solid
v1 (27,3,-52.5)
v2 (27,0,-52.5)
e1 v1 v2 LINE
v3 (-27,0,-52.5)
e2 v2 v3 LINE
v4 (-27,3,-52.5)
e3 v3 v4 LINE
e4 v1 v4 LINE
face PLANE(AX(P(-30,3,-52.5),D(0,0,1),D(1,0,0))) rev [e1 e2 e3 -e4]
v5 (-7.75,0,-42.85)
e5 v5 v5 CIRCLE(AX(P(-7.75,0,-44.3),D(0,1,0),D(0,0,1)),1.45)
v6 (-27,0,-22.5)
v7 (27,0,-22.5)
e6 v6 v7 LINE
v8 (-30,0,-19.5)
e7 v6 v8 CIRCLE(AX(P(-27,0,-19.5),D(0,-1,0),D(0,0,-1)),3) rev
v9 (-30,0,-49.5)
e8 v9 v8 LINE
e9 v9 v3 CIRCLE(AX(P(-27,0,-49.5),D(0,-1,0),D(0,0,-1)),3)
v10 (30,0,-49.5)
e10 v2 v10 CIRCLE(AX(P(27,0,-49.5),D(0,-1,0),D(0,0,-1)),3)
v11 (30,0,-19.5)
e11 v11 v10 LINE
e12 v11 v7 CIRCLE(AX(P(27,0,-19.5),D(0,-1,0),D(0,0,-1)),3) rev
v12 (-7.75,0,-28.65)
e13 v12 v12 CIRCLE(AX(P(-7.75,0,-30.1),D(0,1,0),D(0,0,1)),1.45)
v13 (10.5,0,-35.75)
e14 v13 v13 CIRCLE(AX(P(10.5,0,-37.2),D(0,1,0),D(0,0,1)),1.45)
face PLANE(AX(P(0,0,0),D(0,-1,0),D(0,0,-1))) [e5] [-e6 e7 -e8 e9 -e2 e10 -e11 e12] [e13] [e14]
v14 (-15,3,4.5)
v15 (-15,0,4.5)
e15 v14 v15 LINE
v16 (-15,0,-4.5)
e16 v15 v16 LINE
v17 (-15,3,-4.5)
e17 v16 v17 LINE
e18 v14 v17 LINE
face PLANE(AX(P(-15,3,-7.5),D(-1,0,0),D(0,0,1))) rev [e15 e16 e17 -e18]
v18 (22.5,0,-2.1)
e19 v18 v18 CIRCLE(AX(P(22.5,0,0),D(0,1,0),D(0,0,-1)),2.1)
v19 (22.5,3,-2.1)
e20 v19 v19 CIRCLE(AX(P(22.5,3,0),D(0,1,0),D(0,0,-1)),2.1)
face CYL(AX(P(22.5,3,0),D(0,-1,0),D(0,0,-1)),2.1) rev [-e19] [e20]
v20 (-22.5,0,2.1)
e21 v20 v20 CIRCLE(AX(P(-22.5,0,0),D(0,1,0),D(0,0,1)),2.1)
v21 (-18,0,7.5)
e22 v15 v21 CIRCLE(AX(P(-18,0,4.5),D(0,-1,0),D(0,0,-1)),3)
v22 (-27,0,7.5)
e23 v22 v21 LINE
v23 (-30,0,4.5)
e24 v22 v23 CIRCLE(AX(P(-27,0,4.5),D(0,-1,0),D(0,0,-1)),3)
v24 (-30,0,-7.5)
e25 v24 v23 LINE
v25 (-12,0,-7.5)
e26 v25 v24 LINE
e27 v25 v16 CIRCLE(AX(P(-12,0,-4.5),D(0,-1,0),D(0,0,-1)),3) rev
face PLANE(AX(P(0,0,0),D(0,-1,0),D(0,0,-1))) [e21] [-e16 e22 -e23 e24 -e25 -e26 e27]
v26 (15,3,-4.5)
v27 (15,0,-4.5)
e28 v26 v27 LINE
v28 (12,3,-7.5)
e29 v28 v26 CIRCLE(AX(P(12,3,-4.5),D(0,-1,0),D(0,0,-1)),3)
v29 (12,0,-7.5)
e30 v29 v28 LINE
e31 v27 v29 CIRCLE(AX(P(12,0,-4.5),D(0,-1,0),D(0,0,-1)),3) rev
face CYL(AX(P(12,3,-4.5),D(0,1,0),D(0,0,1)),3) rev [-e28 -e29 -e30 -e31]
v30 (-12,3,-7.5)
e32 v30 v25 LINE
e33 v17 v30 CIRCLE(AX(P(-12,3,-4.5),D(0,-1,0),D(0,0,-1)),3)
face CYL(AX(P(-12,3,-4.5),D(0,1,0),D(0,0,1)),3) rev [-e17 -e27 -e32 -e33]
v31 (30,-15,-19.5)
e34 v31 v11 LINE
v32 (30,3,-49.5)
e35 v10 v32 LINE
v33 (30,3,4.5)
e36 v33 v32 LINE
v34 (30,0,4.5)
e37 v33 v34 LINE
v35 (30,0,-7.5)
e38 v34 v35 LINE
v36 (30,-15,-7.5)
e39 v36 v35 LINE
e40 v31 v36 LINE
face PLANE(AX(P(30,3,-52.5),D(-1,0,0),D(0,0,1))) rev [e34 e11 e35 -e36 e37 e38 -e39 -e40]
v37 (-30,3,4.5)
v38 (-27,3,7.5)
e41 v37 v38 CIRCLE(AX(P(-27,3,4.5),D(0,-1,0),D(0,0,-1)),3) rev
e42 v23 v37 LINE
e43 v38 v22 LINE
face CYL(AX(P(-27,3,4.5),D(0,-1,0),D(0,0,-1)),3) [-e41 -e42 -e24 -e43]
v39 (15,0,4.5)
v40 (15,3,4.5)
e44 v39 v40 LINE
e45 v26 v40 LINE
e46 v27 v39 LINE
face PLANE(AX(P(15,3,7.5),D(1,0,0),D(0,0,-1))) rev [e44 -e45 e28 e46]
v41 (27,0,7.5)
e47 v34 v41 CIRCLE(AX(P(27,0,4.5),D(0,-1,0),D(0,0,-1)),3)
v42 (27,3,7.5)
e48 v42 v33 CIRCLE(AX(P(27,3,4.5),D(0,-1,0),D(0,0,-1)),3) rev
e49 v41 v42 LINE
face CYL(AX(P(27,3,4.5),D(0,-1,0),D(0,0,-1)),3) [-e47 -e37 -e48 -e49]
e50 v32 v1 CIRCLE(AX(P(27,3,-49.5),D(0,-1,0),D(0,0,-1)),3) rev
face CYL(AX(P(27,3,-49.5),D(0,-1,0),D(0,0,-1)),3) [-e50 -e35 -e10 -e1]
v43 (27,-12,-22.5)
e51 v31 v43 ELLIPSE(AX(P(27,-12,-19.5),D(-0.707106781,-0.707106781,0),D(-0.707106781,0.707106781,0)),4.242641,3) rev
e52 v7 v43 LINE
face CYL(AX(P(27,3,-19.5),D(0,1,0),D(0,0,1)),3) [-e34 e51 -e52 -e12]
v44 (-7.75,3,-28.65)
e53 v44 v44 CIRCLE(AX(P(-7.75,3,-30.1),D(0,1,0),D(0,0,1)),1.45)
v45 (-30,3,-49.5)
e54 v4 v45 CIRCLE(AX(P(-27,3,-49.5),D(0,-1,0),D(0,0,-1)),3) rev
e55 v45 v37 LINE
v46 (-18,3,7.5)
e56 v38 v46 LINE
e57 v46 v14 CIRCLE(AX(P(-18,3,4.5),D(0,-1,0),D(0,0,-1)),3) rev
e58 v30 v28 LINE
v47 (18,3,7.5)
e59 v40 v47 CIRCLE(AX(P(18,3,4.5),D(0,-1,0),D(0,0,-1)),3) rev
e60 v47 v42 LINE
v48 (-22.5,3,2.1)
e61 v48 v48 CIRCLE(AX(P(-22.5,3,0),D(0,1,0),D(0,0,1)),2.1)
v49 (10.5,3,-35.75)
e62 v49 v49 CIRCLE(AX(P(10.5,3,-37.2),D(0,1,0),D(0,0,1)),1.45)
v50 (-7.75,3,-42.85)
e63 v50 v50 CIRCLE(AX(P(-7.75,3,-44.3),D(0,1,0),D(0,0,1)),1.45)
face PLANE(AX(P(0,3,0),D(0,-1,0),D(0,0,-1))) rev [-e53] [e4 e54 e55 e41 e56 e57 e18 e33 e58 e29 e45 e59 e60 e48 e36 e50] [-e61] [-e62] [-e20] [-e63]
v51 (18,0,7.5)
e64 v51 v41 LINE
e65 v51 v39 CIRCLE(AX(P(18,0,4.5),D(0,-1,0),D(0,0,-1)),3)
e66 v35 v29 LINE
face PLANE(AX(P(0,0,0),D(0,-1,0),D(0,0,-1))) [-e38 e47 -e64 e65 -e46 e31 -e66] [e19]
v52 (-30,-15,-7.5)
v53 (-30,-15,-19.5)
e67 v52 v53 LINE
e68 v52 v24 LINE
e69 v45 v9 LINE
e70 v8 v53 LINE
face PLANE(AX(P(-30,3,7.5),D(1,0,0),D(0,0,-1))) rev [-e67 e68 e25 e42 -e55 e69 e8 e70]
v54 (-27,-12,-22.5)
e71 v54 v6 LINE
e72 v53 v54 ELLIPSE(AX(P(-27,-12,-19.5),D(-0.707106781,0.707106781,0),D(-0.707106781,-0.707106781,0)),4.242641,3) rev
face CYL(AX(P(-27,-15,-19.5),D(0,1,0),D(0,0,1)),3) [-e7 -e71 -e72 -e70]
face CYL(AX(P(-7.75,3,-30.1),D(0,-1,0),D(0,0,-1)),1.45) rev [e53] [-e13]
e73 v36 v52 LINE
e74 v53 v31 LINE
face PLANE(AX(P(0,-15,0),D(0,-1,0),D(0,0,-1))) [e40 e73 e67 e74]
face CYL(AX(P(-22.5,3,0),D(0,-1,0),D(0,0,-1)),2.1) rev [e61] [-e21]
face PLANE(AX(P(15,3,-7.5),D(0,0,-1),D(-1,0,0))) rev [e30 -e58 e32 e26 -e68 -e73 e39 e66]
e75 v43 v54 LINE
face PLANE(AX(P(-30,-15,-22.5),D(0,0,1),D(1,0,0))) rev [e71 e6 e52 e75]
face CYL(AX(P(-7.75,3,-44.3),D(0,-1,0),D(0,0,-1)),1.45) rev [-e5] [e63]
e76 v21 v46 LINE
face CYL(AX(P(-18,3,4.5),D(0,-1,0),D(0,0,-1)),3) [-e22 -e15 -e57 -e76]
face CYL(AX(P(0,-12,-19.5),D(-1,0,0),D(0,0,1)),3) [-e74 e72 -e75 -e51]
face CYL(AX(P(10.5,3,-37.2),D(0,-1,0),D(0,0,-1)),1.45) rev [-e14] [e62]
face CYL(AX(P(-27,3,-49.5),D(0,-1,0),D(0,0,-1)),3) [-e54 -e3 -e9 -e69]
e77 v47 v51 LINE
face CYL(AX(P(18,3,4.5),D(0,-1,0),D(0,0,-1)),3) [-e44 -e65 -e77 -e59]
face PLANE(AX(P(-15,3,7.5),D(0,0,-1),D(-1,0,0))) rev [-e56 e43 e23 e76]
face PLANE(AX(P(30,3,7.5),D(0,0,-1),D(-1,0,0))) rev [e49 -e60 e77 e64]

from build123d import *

# Parameters (mm, degrees)
SKETCH_1_R      = 2.1
SKETCH_1_R_2    = 1.45
EXTRUDE_1_DEPTH = 3
SKETCH_2_W      = 60
SKETCH_2_H      = 15
EXTRUDE_2_DEPTH = 15
FILLET_1_R      = 3


with BuildPart() as part:
    # 草图1 → 凸台-拉伸1 (new body)
    with BuildSketch(Plane(origin=(0, 0, 0), x_dir=(1, 0, 0), z_dir=(0, 1, 0))):
        Polygon((-15, 7.5), (-15, -7.5), (-30, -7.5), (-30, 52.5), (30, 52.5), (30, -7.5), (15, -7.5), (15, 7.5), align=None)
        with Locations(Location((-22.5, 0, 0), (0, 0, 270))):
            Circle(SKETCH_1_R, mode=Mode.SUBTRACT)
        with Locations(Location((22.5, 0, 0), (0, 0, 90))):
            Circle(SKETCH_1_R, mode=Mode.SUBTRACT)
        with Locations(Location((-7.75, 44.3, 0), (0, 0, 270))):
            Circle(SKETCH_1_R_2, mode=Mode.SUBTRACT)
        with Locations(Location((10.5, 37.2, 0), (0, 0, 270))):
            Circle(SKETCH_1_R_2, mode=Mode.SUBTRACT)
        with Locations(Location((-7.75, 30.1, 0), (0, 0, 270))):
            Circle(SKETCH_1_R_2, mode=Mode.SUBTRACT)
    extrude(amount=EXTRUDE_1_DEPTH)

    # 草图2 → 凸台-拉伸2 (add)
    with BuildSketch(Plane.XZ):
        with Locations((0, -15)):
            Rectangle(SKETCH_2_W, SKETCH_2_H)
    extrude(amount=EXTRUDE_2_DEPTH)

    # 圆角1
    fillet_1_edges = [part.edges().sort_by_distance(p)[0] for p in [
        (-30, 1.5, -52.5),
        (30, 1.5, -52.5),
        (30, 1.5, 7.5),
        (15, 1.5, 7.5),
        (15, 1.5, -7.5),
        (-15, 1.5, -7.5),
        (-15, 1.5, 7.5),
        (-30, 1.5, 7.5),
        (-30, -7.5, -22.5),
        (30, -7.5, -22.5),
        (0, -15, -22.5),
    ]]
    fillet(fillet_1_edges, radius=FILLET_1_R)


solid = part.part
